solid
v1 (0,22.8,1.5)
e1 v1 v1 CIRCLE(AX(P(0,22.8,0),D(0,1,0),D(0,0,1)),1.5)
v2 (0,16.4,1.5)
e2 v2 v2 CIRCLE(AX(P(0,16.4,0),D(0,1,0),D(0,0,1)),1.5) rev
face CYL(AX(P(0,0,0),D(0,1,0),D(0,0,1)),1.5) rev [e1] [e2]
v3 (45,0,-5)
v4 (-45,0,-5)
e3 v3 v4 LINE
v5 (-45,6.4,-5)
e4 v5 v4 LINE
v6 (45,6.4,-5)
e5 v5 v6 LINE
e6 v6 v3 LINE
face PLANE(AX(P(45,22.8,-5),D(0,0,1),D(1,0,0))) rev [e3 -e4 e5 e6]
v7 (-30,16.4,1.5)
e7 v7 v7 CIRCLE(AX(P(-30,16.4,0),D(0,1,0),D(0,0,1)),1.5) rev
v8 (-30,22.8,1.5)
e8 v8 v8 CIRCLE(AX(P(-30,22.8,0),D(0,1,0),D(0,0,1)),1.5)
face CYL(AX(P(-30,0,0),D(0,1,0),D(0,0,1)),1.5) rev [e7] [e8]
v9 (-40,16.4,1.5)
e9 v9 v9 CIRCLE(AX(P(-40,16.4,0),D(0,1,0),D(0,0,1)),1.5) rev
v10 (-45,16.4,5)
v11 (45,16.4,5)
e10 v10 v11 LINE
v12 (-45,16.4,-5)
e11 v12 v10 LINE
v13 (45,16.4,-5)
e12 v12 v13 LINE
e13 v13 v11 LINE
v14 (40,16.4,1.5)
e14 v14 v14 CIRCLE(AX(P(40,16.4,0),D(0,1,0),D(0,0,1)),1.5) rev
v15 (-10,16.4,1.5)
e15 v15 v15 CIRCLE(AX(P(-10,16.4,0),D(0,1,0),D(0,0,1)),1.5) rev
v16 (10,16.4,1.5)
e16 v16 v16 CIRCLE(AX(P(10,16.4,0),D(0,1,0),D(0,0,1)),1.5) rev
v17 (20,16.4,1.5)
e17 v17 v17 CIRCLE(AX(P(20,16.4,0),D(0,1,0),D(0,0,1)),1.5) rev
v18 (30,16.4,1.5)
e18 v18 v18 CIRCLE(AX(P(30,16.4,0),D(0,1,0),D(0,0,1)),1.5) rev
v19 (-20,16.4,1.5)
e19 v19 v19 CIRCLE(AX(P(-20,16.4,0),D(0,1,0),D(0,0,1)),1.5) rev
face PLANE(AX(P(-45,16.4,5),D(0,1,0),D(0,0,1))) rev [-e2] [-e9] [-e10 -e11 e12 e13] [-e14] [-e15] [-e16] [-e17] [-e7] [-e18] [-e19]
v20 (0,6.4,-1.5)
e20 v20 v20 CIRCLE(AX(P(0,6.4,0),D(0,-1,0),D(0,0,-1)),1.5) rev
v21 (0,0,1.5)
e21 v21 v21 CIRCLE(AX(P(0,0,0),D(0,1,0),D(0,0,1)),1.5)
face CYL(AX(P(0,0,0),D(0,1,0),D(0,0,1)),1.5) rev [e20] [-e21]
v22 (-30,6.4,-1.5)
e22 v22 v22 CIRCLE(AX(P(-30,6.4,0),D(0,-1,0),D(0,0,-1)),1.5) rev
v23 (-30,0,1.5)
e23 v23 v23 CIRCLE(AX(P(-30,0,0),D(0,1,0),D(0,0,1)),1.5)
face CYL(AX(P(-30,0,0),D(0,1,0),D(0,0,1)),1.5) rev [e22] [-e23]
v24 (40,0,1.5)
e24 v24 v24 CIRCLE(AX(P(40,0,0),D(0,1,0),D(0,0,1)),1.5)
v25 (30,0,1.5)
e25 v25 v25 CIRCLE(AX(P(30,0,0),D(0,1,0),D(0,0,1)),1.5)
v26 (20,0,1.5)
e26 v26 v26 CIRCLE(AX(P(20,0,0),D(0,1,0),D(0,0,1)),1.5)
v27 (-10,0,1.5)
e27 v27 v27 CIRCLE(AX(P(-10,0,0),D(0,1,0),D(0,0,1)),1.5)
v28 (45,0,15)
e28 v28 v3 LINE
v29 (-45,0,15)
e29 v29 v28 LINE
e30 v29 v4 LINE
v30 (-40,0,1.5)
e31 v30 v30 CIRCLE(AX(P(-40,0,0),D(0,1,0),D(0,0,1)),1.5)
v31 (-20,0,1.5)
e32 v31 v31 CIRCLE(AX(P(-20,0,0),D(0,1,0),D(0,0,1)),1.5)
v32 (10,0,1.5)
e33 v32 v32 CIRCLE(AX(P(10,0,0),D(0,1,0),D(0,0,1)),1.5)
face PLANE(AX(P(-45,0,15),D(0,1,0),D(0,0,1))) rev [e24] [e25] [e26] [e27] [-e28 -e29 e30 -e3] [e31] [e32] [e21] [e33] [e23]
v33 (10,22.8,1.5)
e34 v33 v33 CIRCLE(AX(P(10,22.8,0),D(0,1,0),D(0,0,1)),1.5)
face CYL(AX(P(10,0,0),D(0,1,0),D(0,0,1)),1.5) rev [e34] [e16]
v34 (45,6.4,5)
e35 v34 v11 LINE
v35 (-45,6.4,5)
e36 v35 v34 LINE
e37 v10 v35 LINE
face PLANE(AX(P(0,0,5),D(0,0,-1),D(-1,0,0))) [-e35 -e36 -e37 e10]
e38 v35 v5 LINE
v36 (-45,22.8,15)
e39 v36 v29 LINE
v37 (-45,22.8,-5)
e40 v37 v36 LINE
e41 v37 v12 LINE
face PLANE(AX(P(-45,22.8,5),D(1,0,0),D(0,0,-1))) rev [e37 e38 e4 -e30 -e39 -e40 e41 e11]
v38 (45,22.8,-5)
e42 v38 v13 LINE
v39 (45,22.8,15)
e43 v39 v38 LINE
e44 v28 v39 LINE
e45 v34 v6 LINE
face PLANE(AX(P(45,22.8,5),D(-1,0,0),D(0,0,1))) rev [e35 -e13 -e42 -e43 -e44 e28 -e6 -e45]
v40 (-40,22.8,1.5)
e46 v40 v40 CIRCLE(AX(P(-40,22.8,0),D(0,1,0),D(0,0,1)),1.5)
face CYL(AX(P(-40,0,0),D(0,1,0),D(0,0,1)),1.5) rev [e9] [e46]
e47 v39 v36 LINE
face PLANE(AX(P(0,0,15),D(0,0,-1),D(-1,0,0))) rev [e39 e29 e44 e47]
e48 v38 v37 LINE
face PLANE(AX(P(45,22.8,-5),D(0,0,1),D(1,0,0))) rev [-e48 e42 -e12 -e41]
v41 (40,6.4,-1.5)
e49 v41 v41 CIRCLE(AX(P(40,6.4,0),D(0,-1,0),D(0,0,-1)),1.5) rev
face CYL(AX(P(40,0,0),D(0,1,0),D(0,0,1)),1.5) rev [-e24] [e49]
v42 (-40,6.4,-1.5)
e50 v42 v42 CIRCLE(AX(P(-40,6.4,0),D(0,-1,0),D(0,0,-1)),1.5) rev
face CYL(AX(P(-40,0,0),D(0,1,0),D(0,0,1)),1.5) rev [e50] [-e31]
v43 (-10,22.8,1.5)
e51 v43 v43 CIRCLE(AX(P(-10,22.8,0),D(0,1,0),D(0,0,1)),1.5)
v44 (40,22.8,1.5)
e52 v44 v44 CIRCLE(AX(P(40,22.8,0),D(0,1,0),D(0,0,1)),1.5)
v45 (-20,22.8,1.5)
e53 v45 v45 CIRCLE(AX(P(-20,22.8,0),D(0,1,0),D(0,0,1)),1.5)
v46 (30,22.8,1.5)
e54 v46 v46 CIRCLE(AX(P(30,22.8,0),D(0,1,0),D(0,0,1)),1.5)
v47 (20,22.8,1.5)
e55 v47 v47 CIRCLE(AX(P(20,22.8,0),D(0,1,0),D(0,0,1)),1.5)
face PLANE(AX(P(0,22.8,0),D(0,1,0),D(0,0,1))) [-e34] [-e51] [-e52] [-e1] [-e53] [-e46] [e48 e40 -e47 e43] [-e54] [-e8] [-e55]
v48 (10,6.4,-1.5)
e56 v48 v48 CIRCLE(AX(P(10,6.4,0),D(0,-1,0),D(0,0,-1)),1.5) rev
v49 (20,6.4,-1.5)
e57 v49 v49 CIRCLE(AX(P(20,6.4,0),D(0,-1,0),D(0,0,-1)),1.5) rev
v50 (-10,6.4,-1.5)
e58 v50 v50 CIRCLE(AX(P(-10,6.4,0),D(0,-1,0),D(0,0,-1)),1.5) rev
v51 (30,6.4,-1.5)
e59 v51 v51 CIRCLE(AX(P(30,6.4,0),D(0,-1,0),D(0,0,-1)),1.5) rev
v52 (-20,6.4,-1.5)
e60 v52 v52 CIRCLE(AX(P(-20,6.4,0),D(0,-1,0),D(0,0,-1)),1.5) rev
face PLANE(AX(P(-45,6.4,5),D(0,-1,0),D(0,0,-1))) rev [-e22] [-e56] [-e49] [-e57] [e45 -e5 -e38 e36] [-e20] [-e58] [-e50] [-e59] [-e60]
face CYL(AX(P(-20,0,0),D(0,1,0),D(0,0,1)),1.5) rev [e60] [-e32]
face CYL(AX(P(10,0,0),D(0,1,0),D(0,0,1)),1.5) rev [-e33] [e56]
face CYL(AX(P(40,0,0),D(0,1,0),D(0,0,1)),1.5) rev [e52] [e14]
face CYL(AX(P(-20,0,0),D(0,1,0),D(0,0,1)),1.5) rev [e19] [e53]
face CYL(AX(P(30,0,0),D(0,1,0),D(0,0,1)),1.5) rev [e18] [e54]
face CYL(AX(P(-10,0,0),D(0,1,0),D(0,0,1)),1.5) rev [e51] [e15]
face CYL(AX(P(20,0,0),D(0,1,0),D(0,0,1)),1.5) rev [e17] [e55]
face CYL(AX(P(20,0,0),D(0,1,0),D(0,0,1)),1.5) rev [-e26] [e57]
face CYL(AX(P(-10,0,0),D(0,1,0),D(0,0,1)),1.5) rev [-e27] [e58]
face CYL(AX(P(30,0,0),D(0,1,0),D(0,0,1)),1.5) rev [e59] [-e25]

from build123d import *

# Parameters (mm, degrees)
SKETCH1_W           = 90
SKETCH1_H           = 10
BOSS_EXTRUDE1_DEPTH = 22.8
SKETCH2_R           = 1.5
CUT_EXTRUDE1_DEPTH  = 23.8
LPATTERN1_COUNT     = 9
LPATTERN1_PITCH     = 10
SKETCH3_W           = 10
SKETCH3_H           = 10
CUT_EXTRUDE2_DEPTH  = 91
SKETCH4_W           = 90
SKETCH4_H           = 22.8
BOSS_EXTRUDE2_DEPTH = 10


with BuildPart() as part:
    # Sketch1 → Boss-Extrude1 (new body)
    with BuildSketch(Plane(origin=(0, 0, 0), x_dir=(1, 0, 0), z_dir=(0, 1, 0))):
        Rectangle(SKETCH1_W, SKETCH1_H)
    extrude(amount=BOSS_EXTRUDE1_DEPTH)

    # Sketch2 → Cut-Extrude1 (cut, through all)
    with BuildSketch(Plane(origin=(0, 22.8, 0), x_dir=(1, 0, 0), z_dir=(0, 1, 0))):
        with Locations((-40, 0)):
            Circle(SKETCH2_R)
    cut_extrude1 = extrude(amount=-CUT_EXTRUDE1_DEPTH, mode=Mode.SUBTRACT)

    # LPattern1: Cut-Extrude1 ×9
    with Locations(*[(i * LPATTERN1_PITCH, 0, 0) for i in range(1, LPATTERN1_COUNT)]):
        add(cut_extrude1, mode=Mode.SUBTRACT)

    # Sketch3 → Cut-Extrude2 (cut, through all)
    with BuildSketch(Plane(origin=(45, 0, 0), x_dir=(0, 0, -1), z_dir=(1, 0, 0))):
        with Locations((0, 11.4)):
            Rectangle(SKETCH3_W, SKETCH3_H)
    extrude(amount=-CUT_EXTRUDE2_DEPTH, mode=Mode.SUBTRACT)

    # Sketch4 → Boss-Extrude2 (add)
    with BuildSketch(Plane.XY.offset(5)):
        with Locations((0, 11.4)):
            Rectangle(SKETCH4_W, SKETCH4_H)
    extrude(amount=BOSS_EXTRUDE2_DEPTH)


solid = part.part
